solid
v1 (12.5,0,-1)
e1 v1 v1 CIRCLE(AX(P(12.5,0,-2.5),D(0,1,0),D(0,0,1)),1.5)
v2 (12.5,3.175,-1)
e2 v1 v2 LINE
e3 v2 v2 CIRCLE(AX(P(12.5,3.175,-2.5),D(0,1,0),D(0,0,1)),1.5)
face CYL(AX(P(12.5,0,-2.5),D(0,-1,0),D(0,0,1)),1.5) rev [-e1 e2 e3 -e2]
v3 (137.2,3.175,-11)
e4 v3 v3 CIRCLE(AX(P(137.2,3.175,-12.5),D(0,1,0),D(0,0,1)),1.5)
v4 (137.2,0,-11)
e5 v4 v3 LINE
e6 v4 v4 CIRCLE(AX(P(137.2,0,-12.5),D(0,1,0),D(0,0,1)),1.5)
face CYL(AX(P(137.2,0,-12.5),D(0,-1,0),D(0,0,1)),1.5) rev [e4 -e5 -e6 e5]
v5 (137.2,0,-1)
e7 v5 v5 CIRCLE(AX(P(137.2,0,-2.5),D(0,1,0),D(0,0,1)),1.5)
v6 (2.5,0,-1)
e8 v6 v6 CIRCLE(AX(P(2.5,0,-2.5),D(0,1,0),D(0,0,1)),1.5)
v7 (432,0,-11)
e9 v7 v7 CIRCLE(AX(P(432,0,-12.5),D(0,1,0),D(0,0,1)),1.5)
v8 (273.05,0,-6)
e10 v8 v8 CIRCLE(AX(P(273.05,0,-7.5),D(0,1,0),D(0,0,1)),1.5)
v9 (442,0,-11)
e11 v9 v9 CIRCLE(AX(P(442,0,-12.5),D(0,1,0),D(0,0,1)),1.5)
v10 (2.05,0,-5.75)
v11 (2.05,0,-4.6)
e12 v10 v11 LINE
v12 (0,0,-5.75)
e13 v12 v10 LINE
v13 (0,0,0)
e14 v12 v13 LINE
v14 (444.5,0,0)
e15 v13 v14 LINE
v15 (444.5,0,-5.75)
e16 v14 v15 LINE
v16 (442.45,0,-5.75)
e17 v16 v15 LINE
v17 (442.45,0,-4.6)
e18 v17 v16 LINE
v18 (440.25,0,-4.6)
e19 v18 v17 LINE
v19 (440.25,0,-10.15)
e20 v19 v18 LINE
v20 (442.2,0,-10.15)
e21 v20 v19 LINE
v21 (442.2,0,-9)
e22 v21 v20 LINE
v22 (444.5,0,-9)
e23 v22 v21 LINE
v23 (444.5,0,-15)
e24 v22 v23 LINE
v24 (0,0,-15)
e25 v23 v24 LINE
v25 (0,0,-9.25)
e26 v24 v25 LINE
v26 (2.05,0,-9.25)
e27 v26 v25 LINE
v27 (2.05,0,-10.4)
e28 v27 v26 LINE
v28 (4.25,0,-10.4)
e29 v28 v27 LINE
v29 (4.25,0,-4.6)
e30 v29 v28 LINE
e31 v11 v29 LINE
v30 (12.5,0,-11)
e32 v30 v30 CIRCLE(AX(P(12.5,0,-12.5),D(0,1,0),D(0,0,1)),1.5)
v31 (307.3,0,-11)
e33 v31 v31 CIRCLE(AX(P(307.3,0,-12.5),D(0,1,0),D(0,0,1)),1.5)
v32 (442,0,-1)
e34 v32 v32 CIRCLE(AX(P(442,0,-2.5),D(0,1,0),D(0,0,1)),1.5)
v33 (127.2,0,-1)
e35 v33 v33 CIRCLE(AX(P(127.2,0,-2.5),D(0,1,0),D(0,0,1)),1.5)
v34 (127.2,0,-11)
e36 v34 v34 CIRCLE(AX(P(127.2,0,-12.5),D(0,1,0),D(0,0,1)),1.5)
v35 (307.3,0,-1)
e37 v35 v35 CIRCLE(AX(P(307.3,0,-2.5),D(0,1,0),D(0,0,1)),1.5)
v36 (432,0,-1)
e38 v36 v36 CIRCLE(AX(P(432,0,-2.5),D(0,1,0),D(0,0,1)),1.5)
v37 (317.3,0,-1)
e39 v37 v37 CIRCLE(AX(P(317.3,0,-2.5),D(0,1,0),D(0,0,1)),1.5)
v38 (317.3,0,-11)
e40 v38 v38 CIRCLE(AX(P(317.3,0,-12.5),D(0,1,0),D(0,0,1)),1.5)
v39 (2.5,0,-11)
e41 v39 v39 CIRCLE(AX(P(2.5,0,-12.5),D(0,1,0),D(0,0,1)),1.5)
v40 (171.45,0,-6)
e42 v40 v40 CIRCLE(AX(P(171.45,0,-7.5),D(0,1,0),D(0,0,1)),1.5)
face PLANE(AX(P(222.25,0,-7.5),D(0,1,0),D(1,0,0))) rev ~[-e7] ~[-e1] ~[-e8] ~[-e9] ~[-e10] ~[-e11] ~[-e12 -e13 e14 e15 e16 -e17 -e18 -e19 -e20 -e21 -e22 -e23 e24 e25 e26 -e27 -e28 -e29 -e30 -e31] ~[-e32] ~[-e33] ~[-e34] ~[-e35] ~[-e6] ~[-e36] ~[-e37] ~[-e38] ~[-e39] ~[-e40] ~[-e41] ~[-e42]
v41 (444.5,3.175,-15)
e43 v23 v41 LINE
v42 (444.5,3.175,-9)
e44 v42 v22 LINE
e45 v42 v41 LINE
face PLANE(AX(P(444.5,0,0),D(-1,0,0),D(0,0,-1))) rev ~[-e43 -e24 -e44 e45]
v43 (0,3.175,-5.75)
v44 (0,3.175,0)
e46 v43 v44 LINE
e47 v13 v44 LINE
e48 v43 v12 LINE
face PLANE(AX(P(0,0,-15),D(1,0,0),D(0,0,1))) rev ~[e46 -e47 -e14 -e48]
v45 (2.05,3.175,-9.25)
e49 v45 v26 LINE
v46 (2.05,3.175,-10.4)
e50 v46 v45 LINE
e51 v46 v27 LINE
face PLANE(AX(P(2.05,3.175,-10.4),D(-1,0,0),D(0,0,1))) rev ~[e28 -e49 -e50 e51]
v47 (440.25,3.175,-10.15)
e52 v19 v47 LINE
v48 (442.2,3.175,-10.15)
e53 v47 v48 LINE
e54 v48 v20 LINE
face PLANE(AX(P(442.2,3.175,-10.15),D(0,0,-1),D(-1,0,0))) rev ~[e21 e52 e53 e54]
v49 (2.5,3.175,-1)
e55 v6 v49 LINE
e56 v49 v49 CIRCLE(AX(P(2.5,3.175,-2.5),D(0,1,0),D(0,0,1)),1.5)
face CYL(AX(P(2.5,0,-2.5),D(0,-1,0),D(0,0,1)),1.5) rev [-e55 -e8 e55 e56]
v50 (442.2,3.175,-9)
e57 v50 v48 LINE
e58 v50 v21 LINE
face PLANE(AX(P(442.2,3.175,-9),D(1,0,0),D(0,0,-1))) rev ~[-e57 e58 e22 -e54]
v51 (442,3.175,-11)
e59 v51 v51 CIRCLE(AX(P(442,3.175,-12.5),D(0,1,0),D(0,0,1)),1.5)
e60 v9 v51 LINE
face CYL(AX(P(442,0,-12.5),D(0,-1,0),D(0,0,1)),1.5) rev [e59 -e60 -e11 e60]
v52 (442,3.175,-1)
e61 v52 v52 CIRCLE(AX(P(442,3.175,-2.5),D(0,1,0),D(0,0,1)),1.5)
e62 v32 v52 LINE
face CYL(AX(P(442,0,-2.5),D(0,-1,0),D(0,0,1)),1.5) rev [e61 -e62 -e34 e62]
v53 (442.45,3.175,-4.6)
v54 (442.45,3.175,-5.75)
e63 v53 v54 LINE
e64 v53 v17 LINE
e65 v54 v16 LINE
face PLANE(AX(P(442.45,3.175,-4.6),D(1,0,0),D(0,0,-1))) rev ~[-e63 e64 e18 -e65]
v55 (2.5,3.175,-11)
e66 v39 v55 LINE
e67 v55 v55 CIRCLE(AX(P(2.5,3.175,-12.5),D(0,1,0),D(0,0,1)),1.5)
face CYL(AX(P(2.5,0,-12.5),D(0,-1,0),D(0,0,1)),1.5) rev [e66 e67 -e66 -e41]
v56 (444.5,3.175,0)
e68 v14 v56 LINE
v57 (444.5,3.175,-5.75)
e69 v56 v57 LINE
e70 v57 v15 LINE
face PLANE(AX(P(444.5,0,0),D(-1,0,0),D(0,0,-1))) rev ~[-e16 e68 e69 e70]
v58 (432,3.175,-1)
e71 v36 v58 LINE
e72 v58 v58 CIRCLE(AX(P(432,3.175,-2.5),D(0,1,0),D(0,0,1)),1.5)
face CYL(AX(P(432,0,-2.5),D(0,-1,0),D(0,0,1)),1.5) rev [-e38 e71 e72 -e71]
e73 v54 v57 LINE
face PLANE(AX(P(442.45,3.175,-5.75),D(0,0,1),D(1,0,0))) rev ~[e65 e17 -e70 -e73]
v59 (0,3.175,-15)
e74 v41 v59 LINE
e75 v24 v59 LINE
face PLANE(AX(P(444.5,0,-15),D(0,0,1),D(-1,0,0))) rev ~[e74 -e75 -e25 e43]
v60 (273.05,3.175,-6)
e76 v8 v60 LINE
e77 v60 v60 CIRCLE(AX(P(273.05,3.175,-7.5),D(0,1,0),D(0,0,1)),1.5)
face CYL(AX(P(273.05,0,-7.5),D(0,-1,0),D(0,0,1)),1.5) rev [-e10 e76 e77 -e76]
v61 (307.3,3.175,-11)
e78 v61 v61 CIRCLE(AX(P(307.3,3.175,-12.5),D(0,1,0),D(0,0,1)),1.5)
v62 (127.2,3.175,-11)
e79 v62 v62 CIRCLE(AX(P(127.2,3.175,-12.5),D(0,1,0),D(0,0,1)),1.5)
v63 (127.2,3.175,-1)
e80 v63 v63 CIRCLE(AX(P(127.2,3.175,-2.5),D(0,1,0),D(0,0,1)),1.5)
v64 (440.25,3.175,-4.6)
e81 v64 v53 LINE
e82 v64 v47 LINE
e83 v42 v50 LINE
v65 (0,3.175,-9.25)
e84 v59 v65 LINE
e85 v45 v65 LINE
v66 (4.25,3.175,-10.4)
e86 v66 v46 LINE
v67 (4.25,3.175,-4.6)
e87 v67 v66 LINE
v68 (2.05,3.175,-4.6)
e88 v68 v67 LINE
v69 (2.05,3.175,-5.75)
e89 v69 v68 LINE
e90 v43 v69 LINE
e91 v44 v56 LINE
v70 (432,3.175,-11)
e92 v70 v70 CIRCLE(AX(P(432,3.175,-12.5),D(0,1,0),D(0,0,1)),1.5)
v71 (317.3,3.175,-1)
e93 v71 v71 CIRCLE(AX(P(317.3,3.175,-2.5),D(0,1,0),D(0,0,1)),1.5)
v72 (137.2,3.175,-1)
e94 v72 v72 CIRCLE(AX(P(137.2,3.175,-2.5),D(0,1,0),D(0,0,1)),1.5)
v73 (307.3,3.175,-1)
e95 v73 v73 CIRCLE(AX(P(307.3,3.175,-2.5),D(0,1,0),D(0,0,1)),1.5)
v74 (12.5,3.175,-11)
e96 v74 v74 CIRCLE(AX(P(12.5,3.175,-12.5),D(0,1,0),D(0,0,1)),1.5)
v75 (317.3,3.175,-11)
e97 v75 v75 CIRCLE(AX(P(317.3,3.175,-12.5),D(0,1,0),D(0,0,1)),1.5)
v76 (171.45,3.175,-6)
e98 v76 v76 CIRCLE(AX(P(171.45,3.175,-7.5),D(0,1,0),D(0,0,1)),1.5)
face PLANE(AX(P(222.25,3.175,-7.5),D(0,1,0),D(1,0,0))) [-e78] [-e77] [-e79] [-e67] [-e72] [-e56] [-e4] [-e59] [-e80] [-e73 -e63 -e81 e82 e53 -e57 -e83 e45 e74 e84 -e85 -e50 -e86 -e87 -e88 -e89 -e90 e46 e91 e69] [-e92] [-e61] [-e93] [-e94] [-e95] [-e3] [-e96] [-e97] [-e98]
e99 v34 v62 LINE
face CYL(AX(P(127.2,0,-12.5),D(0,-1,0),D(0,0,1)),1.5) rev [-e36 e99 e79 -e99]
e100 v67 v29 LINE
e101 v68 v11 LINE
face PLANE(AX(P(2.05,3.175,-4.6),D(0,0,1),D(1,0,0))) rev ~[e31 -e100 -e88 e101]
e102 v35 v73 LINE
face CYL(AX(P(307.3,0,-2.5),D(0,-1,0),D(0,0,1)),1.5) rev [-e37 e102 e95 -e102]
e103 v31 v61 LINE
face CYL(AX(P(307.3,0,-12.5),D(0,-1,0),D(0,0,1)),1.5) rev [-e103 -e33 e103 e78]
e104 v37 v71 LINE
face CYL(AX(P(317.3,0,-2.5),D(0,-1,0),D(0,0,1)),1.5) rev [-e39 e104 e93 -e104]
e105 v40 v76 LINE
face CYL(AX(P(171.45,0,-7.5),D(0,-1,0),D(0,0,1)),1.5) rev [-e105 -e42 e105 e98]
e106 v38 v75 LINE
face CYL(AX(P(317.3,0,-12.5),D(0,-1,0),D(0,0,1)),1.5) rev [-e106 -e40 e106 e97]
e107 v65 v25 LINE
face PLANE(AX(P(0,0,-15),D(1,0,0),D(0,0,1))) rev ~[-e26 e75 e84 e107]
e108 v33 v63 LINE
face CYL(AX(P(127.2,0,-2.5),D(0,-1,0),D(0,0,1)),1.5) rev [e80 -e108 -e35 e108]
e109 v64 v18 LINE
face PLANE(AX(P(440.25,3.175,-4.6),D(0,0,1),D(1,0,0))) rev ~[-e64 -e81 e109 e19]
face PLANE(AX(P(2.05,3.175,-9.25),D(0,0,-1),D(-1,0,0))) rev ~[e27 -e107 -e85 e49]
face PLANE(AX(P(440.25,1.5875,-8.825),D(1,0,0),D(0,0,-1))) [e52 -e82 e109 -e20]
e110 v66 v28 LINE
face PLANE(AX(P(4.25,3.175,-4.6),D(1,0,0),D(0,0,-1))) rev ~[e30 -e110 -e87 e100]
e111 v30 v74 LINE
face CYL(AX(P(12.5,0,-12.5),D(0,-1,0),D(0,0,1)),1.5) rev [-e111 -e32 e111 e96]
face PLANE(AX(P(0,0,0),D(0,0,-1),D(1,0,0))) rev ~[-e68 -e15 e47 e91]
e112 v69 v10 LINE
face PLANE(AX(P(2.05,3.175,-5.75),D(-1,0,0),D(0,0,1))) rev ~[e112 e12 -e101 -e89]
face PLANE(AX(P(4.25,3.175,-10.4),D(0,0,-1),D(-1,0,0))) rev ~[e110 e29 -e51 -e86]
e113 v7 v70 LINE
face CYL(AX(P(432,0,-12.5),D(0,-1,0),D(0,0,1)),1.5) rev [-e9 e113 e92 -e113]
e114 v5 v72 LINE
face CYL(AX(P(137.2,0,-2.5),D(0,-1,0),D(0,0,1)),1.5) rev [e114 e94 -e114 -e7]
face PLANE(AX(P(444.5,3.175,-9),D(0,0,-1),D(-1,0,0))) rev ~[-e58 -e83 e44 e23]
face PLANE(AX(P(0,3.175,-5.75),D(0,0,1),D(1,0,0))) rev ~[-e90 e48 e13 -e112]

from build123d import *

# Parameters (mm, degrees)
SKETCH1_R           = 1.5
BOSS_EXTRUDE1_DEPTH = 3.175
CUT_EXTRUDE2_DEPTH  = 10
SKETCH6_W           = 2.65
SKETCH6_H           = 3.175
CUT_EXTRUDE3_DEPTH  = 0.25


with BuildPart() as part:
    # Sketch1 → Boss-Extrude1 (new body)
    with BuildSketch(Plane(origin=(0, 0, 0), x_dir=(1, 0, 0), z_dir=(0, 1, 0))):
        Polygon((0, 7.5), (0, 0), (444.5, 0), (444.5, 15), (0, 15), align=None)
        with Locations(Location((2.5, 2.5, 0), (0, 0, 270))):
            Circle(SKETCH1_R, mode=Mode.SUBTRACT)
        with Locations(Location((12.5, 2.5, 0), (0, 0, 270))):
            Circle(SKETCH1_R, mode=Mode.SUBTRACT)
        with Locations(Location((127.2, 2.5, 0), (0, 0, 270))):
            Circle(SKETCH1_R, mode=Mode.SUBTRACT)
        with Locations(Location((137.2, 2.5, 0), (0, 0, 270))):
            Circle(SKETCH1_R, mode=Mode.SUBTRACT)
        with Locations(Location((2.5, 12.5, 0), (0, 0, 270))):
            Circle(SKETCH1_R, mode=Mode.SUBTRACT)
        with Locations(Location((12.5, 12.5, 0), (0, 0, 270))):
            Circle(SKETCH1_R, mode=Mode.SUBTRACT)
        with Locations(Location((127.2, 12.5, 0), (0, 0, 270))):
            Circle(SKETCH1_R, mode=Mode.SUBTRACT)
        with Locations(Location((137.2, 12.5, 0), (0, 0, 270))):
            Circle(SKETCH1_R, mode=Mode.SUBTRACT)
        with Locations(Location((171.45, 7.5, 0), (0, 0, 270))):
            Circle(SKETCH1_R, mode=Mode.SUBTRACT)
        with Locations(Location((273.05, 7.5, 0), (0, 0, 270))):
            Circle(SKETCH1_R, mode=Mode.SUBTRACT)
        with Locations(Location((442, 12.5, 0), (0, 0, 270))):
            Circle(SKETCH1_R, mode=Mode.SUBTRACT)
        with Locations(Location((307.3, 2.5, 0), (0, 0, 270))):
            Circle(SKETCH1_R, mode=Mode.SUBTRACT)
        with Locations(Location((317.3, 2.5, 0), (0, 0, 270))):
            Circle(SKETCH1_R, mode=Mode.SUBTRACT)
        with Locations(Location((432, 2.5, 0), (0, 0, 270))):
            Circle(SKETCH1_R, mode=Mode.SUBTRACT)
        with Locations(Location((442, 2.5, 0), (0, 0, 270))):
            Circle(SKETCH1_R, mode=Mode.SUBTRACT)
        with Locations(Location((307.3, 12.5, 0), (0, 0, 270))):
            Circle(SKETCH1_R, mode=Mode.SUBTRACT)
        with Locations(Location((317.3, 12.5, 0), (0, 0, 270))):
            Circle(SKETCH1_R, mode=Mode.SUBTRACT)
        with Locations(Location((432, 12.5, 0), (0, 0, 270))):
            Circle(SKETCH1_R, mode=Mode.SUBTRACT)
    extrude(amount=BOSS_EXTRUDE1_DEPTH)

    # Sketch4 → Cut-Extrude2 (cut)
    with BuildSketch(Plane(origin=(0, 3.175, 0), x_dir=(1, 0, 0), z_dir=(0, 1, 0))):
        Polygon((444.5, 5.75), (444.5, 7.5), (440.5, 7.5), (440.25, 7.5), (440.25, 4.6), (442.45, 4.6), (442.45, 5.75), align=None)
        Polygon((440.5, 7.5), (444.5, 7.5), (444.5, 9), (442.2, 9), (442.2, 10.15), (440.5, 10.15), align=None)
        Polygon((2.05, 9.25), (0, 9.25), (0, 5.75), (2.05, 5.75), (2.05, 4.6), (4.25, 4.6), (4.25, 7.5), (4.25, 10.4), (2.05, 10.4), align=None)
    extrude(amount=-CUT_EXTRUDE2_DEPTH, mode=Mode.SUBTRACT)

    # Sketch6 → Cut-Extrude3 (cut)
    with BuildSketch(Plane(origin=(440.5, 0, 0), x_dir=(0, 0, -1), z_dir=(1, 0, 0))):
        with Locations((8.825, 1.5875)):
            Rectangle(SKETCH6_W, SKETCH6_H)
    extrude(amount=-CUT_EXTRUDE3_DEPTH, mode=Mode.SUBTRACT)


solid = part.part
